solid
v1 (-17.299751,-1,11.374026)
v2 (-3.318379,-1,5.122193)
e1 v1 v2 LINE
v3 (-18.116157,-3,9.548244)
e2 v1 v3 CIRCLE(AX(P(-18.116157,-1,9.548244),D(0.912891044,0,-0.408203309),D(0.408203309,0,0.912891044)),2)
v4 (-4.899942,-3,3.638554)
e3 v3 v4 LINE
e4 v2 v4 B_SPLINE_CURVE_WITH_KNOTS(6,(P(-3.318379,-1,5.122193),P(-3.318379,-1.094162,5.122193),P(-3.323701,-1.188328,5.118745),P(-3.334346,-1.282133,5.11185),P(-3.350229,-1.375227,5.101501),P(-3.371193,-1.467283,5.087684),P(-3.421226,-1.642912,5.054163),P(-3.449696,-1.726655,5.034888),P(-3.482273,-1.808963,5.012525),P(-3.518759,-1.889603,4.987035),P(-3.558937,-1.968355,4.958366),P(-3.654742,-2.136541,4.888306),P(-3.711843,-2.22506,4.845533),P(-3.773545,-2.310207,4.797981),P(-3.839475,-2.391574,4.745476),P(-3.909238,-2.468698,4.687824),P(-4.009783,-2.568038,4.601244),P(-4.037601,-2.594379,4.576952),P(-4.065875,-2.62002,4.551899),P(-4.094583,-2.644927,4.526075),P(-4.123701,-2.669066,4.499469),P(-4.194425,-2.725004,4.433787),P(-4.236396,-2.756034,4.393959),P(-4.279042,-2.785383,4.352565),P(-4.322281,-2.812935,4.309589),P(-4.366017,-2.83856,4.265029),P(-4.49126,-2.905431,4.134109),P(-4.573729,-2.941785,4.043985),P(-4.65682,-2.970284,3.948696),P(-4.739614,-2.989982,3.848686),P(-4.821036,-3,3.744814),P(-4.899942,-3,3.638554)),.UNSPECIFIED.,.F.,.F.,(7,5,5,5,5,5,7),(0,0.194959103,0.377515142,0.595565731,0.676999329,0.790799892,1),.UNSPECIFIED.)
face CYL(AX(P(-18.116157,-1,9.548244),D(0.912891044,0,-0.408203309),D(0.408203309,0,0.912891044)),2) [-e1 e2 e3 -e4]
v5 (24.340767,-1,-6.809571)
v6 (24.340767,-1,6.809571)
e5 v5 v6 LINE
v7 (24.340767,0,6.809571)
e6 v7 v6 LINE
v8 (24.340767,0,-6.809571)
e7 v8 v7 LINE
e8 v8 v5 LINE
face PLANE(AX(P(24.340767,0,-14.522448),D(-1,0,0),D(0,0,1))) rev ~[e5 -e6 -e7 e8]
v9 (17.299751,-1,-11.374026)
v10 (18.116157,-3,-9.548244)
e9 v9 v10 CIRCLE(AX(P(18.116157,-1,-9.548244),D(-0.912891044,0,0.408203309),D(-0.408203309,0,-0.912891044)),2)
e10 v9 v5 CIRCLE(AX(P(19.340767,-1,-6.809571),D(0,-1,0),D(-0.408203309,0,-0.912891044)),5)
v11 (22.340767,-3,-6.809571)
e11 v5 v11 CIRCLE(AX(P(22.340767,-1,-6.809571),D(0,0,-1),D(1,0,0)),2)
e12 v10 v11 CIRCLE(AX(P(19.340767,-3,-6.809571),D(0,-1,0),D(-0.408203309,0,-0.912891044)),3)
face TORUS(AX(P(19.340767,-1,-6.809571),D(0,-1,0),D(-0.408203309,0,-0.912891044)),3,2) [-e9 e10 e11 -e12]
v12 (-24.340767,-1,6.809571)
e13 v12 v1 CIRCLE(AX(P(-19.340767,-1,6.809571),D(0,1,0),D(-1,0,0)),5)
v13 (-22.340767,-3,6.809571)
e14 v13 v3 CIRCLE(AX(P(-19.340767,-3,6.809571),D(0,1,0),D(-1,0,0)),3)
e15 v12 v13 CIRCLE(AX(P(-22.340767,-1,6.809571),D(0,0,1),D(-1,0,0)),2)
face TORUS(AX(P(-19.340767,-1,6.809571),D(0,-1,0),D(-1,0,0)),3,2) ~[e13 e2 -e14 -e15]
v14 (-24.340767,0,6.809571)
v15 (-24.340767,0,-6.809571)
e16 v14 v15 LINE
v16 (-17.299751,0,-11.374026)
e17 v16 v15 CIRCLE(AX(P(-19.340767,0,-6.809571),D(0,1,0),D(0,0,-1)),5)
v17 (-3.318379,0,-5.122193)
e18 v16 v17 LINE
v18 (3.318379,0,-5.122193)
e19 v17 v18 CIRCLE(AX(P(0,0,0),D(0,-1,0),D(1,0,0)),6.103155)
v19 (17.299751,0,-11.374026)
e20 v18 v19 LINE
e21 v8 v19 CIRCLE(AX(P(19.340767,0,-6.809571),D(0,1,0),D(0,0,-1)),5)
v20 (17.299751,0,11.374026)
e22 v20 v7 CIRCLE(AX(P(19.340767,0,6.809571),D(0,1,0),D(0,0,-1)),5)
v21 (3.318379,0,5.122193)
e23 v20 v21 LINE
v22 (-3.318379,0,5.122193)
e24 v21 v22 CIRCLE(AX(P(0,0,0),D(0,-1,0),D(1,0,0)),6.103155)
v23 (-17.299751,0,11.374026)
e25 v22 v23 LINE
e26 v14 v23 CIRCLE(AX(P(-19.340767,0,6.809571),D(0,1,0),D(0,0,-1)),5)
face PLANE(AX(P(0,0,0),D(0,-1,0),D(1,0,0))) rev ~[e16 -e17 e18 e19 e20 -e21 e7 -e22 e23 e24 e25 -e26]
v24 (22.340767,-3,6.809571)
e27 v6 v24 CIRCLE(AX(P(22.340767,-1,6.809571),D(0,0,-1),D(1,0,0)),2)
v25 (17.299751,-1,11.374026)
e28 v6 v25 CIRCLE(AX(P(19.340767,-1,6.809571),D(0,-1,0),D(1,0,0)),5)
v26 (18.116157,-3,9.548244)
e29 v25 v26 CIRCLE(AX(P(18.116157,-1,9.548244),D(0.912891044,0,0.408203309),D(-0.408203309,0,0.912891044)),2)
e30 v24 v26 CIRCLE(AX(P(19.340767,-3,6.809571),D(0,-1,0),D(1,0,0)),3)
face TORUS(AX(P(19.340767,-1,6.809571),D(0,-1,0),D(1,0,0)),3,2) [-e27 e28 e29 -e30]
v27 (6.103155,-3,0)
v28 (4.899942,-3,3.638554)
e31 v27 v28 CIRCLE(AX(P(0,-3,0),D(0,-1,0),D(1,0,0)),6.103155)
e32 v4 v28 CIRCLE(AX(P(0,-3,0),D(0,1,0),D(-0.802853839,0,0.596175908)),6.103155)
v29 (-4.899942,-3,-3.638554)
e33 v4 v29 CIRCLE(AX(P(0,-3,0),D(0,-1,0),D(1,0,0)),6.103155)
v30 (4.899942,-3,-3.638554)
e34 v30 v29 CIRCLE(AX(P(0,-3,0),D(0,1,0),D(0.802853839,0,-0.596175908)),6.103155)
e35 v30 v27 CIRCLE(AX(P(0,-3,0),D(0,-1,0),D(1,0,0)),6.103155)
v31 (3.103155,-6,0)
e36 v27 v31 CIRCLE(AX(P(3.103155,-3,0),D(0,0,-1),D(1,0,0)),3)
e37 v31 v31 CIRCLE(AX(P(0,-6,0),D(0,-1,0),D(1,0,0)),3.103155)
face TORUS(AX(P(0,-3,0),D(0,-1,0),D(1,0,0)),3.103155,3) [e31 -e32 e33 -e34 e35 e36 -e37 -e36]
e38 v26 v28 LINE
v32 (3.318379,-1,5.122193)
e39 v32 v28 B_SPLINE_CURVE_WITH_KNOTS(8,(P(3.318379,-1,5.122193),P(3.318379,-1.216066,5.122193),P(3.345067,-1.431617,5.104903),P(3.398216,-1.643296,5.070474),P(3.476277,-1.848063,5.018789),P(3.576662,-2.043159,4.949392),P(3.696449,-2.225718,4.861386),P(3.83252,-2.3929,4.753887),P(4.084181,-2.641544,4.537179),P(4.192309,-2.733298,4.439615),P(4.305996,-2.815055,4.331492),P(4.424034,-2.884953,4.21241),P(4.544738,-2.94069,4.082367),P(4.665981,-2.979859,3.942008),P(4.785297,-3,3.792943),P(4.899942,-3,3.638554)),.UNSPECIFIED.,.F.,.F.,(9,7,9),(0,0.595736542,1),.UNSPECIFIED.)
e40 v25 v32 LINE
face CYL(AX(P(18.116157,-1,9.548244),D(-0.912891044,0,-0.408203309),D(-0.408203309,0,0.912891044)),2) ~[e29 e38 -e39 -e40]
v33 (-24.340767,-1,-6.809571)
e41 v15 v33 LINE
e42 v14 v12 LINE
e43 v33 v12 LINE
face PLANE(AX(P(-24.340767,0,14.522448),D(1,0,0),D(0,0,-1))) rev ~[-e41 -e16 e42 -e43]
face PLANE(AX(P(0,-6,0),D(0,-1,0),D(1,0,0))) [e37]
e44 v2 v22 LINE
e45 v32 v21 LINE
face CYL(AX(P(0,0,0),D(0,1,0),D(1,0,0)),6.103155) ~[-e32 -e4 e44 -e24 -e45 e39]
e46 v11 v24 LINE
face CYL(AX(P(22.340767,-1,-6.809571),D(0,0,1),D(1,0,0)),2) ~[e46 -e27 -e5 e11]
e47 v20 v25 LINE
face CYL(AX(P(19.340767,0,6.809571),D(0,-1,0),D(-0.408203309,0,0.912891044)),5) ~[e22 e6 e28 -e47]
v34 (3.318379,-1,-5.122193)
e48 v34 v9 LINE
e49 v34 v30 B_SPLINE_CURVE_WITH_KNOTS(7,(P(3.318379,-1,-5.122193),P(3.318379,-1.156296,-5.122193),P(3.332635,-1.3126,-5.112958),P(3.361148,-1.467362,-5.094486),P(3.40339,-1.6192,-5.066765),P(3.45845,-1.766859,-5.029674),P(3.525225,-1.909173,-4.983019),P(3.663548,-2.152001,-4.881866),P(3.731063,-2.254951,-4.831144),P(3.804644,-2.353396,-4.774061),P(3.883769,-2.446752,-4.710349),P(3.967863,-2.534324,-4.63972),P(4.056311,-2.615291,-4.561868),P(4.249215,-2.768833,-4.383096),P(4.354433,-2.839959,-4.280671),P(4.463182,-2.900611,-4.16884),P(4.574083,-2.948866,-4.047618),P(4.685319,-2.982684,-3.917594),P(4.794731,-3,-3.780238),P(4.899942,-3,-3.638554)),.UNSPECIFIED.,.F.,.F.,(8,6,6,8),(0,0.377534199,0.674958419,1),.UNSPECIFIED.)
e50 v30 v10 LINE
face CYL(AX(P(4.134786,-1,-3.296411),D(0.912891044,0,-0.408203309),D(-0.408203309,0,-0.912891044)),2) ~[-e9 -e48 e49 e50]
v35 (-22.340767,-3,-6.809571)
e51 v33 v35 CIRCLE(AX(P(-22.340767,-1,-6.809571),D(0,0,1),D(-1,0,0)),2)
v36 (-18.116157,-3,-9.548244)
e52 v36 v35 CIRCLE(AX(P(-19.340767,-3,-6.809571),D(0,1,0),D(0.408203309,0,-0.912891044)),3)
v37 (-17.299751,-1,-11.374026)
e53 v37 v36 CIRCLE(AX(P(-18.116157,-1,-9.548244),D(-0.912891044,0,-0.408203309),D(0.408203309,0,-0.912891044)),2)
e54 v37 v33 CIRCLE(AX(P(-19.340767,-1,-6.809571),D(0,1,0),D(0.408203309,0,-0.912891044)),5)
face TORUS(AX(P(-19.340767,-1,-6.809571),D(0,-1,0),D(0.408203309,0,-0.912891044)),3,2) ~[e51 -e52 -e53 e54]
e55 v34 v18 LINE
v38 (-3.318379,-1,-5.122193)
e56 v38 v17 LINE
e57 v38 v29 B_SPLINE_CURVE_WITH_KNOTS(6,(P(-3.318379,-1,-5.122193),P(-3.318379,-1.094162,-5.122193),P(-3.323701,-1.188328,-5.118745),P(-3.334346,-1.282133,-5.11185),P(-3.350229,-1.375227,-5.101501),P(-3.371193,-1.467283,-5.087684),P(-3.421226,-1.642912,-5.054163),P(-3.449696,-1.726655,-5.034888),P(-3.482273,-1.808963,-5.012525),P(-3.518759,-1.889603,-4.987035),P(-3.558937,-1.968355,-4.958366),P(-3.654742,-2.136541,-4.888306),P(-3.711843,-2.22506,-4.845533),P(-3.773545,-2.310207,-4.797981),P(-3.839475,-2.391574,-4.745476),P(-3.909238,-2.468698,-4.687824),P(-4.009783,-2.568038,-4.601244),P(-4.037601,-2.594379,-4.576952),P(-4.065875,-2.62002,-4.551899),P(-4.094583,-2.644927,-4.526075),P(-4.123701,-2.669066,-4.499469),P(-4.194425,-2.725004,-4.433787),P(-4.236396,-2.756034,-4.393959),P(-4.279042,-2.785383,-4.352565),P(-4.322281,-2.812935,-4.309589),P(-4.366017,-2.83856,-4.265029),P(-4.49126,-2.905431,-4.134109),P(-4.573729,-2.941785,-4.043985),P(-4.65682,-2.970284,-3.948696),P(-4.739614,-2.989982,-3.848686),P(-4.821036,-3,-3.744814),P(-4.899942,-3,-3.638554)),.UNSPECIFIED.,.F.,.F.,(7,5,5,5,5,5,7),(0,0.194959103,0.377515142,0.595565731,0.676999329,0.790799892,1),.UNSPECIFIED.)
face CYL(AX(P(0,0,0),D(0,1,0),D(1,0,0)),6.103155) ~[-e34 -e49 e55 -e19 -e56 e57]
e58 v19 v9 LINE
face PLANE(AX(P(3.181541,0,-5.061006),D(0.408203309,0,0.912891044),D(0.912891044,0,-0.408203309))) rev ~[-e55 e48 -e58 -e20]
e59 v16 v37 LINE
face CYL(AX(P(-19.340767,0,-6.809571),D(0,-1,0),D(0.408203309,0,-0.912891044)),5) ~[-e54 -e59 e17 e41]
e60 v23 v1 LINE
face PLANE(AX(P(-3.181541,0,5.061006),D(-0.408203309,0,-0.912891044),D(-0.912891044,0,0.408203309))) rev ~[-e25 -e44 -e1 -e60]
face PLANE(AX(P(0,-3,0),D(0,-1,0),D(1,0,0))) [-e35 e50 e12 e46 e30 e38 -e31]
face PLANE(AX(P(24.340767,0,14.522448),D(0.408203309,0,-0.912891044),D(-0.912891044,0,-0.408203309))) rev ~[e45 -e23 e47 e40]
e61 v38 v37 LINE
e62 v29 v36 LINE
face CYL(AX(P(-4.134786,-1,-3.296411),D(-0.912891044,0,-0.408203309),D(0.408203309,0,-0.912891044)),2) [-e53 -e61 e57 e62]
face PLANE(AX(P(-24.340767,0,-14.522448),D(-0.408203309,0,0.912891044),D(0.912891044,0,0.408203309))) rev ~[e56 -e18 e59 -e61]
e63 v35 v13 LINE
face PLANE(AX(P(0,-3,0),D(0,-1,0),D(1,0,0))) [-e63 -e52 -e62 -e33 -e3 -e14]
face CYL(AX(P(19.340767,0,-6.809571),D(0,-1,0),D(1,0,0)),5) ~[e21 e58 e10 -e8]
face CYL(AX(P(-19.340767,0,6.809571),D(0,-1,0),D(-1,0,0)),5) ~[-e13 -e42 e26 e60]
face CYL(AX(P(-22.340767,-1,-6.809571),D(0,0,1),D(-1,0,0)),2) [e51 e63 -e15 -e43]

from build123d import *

# Parameters (mm, degrees)
F0_R     = 6.1031552094
F2_DEPTH = 6
F3_R     = 3
F4_DEPTH = 3
F5_R     = 5
F6_R     = 2


with BuildPart() as f2:
    # F0 (on Front) → F2 (new body)
    with BuildSketch(Plane.XZ):
        Circle(F0_R)
    extrude(amount=F2_DEPTH)

    # F3
    f3_edges = [f2.edges().sort_by_distance(p)[0] for p in [
        (-6.103155, -6, 0),
    ]]
    fillet(f3_edges, radius=F3_R)

    # F1 (on Front) → F4 (join)
    with BuildSketch(Plane.XZ):
        Polygon((-3.1815413386, -5.0610057078), (3.1815413386, -5.0610057078), (24.3407674134, -14.5224481821), (24.3407674134, 14.5224481821), (3.1815413386, 5.0610057078), (-3.1815413386, 5.0610057078), (-24.3407674134, 14.5224481821), (-24.3407674134, -14.5224481821), align=None)
    extrude(amount=F4_DEPTH)

    # F5
    f5_edges = [f2.edges().sort_by_distance(p)[0] for p in [
        (24.340767, -1.5, 14.522448),
        (24.340767, -1.5, -14.522448),
        (-24.340767, -1.5, -14.522448),
        (-24.340767, -1.5, 14.522448),
    ]]
    fillet(f5_edges, radius=F5_R)

    # F6
    f6_edges = [f2.edges().sort_by_distance(p)[0] for p in [
        (-22.060594, -3, -11.005109),
        (10.309065, -3, 8.24811),
    ]]
    fillet(f6_edges, radius=F6_R)


solid = f2.part
